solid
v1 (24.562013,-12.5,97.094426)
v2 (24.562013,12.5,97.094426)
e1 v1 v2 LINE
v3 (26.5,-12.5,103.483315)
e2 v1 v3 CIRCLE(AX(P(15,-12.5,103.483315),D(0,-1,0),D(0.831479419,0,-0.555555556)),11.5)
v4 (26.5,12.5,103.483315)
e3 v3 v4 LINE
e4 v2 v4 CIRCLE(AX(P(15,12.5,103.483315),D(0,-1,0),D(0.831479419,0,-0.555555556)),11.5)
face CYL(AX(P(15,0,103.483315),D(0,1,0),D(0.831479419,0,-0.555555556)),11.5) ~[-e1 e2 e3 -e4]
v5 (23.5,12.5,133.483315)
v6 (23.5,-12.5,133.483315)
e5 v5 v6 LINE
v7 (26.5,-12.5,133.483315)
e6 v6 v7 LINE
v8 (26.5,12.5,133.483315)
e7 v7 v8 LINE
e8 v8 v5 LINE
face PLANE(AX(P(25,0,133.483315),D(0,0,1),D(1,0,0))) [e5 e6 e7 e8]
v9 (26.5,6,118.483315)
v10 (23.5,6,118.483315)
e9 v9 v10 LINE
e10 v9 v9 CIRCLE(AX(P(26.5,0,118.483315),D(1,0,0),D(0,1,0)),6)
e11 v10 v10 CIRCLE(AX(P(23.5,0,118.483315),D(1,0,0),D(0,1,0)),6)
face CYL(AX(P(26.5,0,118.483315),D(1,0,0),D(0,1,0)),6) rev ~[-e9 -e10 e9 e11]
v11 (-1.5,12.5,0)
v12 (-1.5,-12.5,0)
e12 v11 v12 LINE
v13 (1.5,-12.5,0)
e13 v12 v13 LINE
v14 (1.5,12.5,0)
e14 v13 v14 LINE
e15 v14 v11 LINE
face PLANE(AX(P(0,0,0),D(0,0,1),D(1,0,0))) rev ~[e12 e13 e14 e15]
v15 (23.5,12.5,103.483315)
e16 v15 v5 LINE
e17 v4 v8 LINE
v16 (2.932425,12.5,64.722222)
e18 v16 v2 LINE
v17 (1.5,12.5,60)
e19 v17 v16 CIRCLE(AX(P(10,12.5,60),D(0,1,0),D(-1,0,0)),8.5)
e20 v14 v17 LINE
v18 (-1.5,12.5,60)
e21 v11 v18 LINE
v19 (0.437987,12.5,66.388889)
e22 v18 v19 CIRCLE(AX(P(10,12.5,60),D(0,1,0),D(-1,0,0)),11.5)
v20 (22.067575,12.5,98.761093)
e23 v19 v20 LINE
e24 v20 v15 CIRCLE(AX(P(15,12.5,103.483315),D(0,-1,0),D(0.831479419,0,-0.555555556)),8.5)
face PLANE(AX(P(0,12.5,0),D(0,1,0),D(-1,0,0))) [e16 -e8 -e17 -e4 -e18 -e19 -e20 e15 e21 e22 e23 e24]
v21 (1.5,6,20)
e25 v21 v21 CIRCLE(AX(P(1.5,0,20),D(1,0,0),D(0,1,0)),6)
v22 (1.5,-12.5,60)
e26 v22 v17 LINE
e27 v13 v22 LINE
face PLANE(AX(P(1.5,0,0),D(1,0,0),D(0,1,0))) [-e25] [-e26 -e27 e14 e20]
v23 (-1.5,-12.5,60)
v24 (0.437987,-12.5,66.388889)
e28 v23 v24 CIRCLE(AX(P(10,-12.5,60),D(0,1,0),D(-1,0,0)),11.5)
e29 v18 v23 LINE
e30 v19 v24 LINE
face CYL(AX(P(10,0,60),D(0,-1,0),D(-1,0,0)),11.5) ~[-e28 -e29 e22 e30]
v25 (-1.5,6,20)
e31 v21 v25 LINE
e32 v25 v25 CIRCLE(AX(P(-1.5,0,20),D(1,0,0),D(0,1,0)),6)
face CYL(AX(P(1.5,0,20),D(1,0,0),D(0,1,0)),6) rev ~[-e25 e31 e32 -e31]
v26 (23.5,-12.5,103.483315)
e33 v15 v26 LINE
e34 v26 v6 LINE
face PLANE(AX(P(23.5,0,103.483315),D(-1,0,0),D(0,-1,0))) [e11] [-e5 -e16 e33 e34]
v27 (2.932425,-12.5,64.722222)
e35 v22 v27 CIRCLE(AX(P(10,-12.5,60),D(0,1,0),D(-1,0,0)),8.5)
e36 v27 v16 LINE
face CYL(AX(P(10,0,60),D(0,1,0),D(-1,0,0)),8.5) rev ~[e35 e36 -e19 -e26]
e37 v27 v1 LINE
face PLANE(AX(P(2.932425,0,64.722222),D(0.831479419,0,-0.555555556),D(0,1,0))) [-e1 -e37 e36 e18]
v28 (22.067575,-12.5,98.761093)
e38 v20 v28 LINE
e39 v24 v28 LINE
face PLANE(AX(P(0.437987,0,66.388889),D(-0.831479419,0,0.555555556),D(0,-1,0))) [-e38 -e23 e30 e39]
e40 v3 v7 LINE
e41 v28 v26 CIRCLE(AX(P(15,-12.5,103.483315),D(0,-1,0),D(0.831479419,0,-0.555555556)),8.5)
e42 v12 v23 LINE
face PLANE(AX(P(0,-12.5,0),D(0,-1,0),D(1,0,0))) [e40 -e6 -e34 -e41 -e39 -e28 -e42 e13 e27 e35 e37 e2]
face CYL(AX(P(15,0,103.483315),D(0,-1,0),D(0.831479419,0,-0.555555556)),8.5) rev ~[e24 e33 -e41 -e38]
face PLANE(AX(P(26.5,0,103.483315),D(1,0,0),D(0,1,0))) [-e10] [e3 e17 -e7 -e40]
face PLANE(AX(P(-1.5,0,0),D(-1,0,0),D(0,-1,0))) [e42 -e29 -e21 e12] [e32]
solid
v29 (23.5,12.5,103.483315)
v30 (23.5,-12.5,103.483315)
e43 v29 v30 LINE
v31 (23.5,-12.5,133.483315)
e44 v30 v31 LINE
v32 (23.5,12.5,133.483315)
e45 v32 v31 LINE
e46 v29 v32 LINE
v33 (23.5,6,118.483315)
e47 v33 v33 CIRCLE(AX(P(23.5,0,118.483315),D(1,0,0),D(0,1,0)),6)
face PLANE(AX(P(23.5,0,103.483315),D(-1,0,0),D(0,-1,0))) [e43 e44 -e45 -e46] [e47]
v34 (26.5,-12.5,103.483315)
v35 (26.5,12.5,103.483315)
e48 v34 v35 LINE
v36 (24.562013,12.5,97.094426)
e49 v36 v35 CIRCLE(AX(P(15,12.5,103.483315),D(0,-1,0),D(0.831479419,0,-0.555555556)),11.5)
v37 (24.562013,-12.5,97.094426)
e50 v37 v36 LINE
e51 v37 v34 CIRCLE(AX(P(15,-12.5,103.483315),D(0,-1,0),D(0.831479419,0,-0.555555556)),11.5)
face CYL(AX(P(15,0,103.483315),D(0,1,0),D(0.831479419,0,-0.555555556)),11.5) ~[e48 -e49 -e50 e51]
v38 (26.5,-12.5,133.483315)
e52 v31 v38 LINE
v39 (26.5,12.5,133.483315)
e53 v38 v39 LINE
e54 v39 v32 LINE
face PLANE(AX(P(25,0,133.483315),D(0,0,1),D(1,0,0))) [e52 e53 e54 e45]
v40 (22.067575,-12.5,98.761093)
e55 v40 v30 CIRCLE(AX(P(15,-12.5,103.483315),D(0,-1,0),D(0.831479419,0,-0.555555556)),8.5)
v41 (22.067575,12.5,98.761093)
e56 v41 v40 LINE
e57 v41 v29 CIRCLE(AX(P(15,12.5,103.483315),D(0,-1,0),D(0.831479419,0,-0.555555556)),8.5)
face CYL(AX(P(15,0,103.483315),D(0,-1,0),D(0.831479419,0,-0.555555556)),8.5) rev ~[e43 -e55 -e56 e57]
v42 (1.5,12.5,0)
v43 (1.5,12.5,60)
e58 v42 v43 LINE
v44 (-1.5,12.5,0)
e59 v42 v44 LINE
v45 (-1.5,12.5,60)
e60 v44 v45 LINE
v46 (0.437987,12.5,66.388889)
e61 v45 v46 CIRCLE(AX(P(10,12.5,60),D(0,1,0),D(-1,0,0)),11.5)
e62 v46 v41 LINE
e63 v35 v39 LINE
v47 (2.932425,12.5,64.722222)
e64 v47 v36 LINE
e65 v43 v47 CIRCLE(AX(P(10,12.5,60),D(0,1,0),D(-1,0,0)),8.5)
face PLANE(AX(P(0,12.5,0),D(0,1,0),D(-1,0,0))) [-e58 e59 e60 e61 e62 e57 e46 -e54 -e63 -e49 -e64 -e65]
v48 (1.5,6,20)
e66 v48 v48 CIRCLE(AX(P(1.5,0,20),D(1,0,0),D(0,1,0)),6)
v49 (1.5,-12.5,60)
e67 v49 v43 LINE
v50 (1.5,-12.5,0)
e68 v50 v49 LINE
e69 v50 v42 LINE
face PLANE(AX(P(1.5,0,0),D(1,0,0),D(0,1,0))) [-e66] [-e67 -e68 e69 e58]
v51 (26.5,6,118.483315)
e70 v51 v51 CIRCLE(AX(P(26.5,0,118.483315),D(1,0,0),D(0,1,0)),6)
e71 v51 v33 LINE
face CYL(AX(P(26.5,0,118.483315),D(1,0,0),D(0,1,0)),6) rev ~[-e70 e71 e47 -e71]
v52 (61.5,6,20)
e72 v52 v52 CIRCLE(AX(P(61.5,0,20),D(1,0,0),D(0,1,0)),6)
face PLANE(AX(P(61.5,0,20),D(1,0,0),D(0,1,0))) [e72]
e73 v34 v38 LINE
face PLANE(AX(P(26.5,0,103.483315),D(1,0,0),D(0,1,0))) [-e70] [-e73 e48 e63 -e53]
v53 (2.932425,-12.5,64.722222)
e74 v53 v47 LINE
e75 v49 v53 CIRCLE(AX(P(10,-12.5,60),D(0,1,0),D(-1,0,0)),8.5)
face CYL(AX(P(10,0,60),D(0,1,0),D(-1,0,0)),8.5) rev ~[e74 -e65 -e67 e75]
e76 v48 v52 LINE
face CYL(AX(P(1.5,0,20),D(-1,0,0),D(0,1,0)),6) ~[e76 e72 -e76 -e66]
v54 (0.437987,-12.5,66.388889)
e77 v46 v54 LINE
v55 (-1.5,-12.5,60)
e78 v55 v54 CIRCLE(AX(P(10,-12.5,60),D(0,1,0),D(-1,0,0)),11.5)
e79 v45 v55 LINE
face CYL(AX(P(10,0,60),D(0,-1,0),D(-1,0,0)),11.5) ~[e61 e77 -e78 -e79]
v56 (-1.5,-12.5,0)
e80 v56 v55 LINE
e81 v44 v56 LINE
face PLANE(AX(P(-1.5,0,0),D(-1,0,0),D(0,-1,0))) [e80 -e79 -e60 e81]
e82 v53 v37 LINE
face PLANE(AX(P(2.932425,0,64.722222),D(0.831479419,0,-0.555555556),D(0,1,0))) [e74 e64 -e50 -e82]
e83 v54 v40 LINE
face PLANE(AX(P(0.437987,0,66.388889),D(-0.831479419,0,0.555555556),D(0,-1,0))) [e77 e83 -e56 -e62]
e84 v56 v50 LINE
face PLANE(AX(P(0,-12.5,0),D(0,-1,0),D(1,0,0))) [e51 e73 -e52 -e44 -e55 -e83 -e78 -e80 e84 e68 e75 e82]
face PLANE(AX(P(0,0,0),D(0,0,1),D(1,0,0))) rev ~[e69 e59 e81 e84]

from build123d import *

# Parameters (mm, degrees)
F0_W     = 3
F0_H     = 25
F3_R     = 6
F4_DEPTH = 60
F5_R     = 6
F6_DEPTH = 25
F8_DEPTH = 25
F9_DEPTH = 25


with BuildPart() as f2:
    # F2: sweep along a path in F1
    with BuildLine(Plane.XZ) as f2_path:
        Line((0, 0), (0, 60))
        ThreePointArc((0, 60), (0.430571022, 62.9027623113), (1.6852058072, 65.5555555556))
        Line((1.6852058072, 65.5555555556), (23.3147941928, 97.927759218))
        ThreePointArc((23.3147941928, 97.927759218), (24.569428978, 100.5805524623), (25, 103.4833147735))
        Line((25, 103.4833147735), (25, 133.4833147735))
    # F0 (on Top) → F2 (sweep)
    with BuildSketch(Plane.XY):
        Rectangle(F0_W, F0_H)
    sweep(path=f2_path.line)

    # F3 (on face) → F4 (join)
    with BuildSketch(Plane.YZ.offset(1.5)):
        with Locations((0, 20)):
            Circle(F3_R)
    extrude(amount=F4_DEPTH)

    # F5 (on face) → F6 (cut)
    with BuildSketch(Plane.YZ.offset(26.5)):
        with Locations((0, 118.4833147735)):
            Circle(F5_R)
    extrude(amount=-F6_DEPTH, mode=Mode.SUBTRACT)


with BuildPart() as f7:
    # F7: sweep along a path in F1
    with BuildLine(Plane.XZ) as f7_path:
        Line((0, 0), (0, 60))
        ThreePointArc((0, 60), (0.430571022, 62.9027623113), (1.6852058072, 65.5555555556))
        Line((1.6852058072, 65.5555555556), (23.3147941928, 97.927759218))
        ThreePointArc((23.3147941928, 97.927759218), (24.569428978, 100.5805524623), (25, 103.4833147735))
        Line((25, 103.4833147735), (25, 133.4833147735))
    # F0 (on Top) → F7 (sweep)
    with BuildSketch(Plane.XY):
        Rectangle(F0_W, F0_H)
    sweep(path=f7_path.line)

    # F5 (on face) → F8 (cut)
    with BuildSketch(Plane.YZ.offset(26.5)):
        with Locations((0, 118.4833147735)):
            Circle(F5_R)
    extrude(amount=-F8_DEPTH, mode=Mode.SUBTRACT)

    # F3 (on face) → F9 (cut)
    with BuildSketch(Plane.YZ.offset(1.5)):
        with Locations((0, 20)):
            Circle(F3_R)
    extrude(amount=-F9_DEPTH, mode=Mode.SUBTRACT)


solid = Compound([f2.part, f7.part])
